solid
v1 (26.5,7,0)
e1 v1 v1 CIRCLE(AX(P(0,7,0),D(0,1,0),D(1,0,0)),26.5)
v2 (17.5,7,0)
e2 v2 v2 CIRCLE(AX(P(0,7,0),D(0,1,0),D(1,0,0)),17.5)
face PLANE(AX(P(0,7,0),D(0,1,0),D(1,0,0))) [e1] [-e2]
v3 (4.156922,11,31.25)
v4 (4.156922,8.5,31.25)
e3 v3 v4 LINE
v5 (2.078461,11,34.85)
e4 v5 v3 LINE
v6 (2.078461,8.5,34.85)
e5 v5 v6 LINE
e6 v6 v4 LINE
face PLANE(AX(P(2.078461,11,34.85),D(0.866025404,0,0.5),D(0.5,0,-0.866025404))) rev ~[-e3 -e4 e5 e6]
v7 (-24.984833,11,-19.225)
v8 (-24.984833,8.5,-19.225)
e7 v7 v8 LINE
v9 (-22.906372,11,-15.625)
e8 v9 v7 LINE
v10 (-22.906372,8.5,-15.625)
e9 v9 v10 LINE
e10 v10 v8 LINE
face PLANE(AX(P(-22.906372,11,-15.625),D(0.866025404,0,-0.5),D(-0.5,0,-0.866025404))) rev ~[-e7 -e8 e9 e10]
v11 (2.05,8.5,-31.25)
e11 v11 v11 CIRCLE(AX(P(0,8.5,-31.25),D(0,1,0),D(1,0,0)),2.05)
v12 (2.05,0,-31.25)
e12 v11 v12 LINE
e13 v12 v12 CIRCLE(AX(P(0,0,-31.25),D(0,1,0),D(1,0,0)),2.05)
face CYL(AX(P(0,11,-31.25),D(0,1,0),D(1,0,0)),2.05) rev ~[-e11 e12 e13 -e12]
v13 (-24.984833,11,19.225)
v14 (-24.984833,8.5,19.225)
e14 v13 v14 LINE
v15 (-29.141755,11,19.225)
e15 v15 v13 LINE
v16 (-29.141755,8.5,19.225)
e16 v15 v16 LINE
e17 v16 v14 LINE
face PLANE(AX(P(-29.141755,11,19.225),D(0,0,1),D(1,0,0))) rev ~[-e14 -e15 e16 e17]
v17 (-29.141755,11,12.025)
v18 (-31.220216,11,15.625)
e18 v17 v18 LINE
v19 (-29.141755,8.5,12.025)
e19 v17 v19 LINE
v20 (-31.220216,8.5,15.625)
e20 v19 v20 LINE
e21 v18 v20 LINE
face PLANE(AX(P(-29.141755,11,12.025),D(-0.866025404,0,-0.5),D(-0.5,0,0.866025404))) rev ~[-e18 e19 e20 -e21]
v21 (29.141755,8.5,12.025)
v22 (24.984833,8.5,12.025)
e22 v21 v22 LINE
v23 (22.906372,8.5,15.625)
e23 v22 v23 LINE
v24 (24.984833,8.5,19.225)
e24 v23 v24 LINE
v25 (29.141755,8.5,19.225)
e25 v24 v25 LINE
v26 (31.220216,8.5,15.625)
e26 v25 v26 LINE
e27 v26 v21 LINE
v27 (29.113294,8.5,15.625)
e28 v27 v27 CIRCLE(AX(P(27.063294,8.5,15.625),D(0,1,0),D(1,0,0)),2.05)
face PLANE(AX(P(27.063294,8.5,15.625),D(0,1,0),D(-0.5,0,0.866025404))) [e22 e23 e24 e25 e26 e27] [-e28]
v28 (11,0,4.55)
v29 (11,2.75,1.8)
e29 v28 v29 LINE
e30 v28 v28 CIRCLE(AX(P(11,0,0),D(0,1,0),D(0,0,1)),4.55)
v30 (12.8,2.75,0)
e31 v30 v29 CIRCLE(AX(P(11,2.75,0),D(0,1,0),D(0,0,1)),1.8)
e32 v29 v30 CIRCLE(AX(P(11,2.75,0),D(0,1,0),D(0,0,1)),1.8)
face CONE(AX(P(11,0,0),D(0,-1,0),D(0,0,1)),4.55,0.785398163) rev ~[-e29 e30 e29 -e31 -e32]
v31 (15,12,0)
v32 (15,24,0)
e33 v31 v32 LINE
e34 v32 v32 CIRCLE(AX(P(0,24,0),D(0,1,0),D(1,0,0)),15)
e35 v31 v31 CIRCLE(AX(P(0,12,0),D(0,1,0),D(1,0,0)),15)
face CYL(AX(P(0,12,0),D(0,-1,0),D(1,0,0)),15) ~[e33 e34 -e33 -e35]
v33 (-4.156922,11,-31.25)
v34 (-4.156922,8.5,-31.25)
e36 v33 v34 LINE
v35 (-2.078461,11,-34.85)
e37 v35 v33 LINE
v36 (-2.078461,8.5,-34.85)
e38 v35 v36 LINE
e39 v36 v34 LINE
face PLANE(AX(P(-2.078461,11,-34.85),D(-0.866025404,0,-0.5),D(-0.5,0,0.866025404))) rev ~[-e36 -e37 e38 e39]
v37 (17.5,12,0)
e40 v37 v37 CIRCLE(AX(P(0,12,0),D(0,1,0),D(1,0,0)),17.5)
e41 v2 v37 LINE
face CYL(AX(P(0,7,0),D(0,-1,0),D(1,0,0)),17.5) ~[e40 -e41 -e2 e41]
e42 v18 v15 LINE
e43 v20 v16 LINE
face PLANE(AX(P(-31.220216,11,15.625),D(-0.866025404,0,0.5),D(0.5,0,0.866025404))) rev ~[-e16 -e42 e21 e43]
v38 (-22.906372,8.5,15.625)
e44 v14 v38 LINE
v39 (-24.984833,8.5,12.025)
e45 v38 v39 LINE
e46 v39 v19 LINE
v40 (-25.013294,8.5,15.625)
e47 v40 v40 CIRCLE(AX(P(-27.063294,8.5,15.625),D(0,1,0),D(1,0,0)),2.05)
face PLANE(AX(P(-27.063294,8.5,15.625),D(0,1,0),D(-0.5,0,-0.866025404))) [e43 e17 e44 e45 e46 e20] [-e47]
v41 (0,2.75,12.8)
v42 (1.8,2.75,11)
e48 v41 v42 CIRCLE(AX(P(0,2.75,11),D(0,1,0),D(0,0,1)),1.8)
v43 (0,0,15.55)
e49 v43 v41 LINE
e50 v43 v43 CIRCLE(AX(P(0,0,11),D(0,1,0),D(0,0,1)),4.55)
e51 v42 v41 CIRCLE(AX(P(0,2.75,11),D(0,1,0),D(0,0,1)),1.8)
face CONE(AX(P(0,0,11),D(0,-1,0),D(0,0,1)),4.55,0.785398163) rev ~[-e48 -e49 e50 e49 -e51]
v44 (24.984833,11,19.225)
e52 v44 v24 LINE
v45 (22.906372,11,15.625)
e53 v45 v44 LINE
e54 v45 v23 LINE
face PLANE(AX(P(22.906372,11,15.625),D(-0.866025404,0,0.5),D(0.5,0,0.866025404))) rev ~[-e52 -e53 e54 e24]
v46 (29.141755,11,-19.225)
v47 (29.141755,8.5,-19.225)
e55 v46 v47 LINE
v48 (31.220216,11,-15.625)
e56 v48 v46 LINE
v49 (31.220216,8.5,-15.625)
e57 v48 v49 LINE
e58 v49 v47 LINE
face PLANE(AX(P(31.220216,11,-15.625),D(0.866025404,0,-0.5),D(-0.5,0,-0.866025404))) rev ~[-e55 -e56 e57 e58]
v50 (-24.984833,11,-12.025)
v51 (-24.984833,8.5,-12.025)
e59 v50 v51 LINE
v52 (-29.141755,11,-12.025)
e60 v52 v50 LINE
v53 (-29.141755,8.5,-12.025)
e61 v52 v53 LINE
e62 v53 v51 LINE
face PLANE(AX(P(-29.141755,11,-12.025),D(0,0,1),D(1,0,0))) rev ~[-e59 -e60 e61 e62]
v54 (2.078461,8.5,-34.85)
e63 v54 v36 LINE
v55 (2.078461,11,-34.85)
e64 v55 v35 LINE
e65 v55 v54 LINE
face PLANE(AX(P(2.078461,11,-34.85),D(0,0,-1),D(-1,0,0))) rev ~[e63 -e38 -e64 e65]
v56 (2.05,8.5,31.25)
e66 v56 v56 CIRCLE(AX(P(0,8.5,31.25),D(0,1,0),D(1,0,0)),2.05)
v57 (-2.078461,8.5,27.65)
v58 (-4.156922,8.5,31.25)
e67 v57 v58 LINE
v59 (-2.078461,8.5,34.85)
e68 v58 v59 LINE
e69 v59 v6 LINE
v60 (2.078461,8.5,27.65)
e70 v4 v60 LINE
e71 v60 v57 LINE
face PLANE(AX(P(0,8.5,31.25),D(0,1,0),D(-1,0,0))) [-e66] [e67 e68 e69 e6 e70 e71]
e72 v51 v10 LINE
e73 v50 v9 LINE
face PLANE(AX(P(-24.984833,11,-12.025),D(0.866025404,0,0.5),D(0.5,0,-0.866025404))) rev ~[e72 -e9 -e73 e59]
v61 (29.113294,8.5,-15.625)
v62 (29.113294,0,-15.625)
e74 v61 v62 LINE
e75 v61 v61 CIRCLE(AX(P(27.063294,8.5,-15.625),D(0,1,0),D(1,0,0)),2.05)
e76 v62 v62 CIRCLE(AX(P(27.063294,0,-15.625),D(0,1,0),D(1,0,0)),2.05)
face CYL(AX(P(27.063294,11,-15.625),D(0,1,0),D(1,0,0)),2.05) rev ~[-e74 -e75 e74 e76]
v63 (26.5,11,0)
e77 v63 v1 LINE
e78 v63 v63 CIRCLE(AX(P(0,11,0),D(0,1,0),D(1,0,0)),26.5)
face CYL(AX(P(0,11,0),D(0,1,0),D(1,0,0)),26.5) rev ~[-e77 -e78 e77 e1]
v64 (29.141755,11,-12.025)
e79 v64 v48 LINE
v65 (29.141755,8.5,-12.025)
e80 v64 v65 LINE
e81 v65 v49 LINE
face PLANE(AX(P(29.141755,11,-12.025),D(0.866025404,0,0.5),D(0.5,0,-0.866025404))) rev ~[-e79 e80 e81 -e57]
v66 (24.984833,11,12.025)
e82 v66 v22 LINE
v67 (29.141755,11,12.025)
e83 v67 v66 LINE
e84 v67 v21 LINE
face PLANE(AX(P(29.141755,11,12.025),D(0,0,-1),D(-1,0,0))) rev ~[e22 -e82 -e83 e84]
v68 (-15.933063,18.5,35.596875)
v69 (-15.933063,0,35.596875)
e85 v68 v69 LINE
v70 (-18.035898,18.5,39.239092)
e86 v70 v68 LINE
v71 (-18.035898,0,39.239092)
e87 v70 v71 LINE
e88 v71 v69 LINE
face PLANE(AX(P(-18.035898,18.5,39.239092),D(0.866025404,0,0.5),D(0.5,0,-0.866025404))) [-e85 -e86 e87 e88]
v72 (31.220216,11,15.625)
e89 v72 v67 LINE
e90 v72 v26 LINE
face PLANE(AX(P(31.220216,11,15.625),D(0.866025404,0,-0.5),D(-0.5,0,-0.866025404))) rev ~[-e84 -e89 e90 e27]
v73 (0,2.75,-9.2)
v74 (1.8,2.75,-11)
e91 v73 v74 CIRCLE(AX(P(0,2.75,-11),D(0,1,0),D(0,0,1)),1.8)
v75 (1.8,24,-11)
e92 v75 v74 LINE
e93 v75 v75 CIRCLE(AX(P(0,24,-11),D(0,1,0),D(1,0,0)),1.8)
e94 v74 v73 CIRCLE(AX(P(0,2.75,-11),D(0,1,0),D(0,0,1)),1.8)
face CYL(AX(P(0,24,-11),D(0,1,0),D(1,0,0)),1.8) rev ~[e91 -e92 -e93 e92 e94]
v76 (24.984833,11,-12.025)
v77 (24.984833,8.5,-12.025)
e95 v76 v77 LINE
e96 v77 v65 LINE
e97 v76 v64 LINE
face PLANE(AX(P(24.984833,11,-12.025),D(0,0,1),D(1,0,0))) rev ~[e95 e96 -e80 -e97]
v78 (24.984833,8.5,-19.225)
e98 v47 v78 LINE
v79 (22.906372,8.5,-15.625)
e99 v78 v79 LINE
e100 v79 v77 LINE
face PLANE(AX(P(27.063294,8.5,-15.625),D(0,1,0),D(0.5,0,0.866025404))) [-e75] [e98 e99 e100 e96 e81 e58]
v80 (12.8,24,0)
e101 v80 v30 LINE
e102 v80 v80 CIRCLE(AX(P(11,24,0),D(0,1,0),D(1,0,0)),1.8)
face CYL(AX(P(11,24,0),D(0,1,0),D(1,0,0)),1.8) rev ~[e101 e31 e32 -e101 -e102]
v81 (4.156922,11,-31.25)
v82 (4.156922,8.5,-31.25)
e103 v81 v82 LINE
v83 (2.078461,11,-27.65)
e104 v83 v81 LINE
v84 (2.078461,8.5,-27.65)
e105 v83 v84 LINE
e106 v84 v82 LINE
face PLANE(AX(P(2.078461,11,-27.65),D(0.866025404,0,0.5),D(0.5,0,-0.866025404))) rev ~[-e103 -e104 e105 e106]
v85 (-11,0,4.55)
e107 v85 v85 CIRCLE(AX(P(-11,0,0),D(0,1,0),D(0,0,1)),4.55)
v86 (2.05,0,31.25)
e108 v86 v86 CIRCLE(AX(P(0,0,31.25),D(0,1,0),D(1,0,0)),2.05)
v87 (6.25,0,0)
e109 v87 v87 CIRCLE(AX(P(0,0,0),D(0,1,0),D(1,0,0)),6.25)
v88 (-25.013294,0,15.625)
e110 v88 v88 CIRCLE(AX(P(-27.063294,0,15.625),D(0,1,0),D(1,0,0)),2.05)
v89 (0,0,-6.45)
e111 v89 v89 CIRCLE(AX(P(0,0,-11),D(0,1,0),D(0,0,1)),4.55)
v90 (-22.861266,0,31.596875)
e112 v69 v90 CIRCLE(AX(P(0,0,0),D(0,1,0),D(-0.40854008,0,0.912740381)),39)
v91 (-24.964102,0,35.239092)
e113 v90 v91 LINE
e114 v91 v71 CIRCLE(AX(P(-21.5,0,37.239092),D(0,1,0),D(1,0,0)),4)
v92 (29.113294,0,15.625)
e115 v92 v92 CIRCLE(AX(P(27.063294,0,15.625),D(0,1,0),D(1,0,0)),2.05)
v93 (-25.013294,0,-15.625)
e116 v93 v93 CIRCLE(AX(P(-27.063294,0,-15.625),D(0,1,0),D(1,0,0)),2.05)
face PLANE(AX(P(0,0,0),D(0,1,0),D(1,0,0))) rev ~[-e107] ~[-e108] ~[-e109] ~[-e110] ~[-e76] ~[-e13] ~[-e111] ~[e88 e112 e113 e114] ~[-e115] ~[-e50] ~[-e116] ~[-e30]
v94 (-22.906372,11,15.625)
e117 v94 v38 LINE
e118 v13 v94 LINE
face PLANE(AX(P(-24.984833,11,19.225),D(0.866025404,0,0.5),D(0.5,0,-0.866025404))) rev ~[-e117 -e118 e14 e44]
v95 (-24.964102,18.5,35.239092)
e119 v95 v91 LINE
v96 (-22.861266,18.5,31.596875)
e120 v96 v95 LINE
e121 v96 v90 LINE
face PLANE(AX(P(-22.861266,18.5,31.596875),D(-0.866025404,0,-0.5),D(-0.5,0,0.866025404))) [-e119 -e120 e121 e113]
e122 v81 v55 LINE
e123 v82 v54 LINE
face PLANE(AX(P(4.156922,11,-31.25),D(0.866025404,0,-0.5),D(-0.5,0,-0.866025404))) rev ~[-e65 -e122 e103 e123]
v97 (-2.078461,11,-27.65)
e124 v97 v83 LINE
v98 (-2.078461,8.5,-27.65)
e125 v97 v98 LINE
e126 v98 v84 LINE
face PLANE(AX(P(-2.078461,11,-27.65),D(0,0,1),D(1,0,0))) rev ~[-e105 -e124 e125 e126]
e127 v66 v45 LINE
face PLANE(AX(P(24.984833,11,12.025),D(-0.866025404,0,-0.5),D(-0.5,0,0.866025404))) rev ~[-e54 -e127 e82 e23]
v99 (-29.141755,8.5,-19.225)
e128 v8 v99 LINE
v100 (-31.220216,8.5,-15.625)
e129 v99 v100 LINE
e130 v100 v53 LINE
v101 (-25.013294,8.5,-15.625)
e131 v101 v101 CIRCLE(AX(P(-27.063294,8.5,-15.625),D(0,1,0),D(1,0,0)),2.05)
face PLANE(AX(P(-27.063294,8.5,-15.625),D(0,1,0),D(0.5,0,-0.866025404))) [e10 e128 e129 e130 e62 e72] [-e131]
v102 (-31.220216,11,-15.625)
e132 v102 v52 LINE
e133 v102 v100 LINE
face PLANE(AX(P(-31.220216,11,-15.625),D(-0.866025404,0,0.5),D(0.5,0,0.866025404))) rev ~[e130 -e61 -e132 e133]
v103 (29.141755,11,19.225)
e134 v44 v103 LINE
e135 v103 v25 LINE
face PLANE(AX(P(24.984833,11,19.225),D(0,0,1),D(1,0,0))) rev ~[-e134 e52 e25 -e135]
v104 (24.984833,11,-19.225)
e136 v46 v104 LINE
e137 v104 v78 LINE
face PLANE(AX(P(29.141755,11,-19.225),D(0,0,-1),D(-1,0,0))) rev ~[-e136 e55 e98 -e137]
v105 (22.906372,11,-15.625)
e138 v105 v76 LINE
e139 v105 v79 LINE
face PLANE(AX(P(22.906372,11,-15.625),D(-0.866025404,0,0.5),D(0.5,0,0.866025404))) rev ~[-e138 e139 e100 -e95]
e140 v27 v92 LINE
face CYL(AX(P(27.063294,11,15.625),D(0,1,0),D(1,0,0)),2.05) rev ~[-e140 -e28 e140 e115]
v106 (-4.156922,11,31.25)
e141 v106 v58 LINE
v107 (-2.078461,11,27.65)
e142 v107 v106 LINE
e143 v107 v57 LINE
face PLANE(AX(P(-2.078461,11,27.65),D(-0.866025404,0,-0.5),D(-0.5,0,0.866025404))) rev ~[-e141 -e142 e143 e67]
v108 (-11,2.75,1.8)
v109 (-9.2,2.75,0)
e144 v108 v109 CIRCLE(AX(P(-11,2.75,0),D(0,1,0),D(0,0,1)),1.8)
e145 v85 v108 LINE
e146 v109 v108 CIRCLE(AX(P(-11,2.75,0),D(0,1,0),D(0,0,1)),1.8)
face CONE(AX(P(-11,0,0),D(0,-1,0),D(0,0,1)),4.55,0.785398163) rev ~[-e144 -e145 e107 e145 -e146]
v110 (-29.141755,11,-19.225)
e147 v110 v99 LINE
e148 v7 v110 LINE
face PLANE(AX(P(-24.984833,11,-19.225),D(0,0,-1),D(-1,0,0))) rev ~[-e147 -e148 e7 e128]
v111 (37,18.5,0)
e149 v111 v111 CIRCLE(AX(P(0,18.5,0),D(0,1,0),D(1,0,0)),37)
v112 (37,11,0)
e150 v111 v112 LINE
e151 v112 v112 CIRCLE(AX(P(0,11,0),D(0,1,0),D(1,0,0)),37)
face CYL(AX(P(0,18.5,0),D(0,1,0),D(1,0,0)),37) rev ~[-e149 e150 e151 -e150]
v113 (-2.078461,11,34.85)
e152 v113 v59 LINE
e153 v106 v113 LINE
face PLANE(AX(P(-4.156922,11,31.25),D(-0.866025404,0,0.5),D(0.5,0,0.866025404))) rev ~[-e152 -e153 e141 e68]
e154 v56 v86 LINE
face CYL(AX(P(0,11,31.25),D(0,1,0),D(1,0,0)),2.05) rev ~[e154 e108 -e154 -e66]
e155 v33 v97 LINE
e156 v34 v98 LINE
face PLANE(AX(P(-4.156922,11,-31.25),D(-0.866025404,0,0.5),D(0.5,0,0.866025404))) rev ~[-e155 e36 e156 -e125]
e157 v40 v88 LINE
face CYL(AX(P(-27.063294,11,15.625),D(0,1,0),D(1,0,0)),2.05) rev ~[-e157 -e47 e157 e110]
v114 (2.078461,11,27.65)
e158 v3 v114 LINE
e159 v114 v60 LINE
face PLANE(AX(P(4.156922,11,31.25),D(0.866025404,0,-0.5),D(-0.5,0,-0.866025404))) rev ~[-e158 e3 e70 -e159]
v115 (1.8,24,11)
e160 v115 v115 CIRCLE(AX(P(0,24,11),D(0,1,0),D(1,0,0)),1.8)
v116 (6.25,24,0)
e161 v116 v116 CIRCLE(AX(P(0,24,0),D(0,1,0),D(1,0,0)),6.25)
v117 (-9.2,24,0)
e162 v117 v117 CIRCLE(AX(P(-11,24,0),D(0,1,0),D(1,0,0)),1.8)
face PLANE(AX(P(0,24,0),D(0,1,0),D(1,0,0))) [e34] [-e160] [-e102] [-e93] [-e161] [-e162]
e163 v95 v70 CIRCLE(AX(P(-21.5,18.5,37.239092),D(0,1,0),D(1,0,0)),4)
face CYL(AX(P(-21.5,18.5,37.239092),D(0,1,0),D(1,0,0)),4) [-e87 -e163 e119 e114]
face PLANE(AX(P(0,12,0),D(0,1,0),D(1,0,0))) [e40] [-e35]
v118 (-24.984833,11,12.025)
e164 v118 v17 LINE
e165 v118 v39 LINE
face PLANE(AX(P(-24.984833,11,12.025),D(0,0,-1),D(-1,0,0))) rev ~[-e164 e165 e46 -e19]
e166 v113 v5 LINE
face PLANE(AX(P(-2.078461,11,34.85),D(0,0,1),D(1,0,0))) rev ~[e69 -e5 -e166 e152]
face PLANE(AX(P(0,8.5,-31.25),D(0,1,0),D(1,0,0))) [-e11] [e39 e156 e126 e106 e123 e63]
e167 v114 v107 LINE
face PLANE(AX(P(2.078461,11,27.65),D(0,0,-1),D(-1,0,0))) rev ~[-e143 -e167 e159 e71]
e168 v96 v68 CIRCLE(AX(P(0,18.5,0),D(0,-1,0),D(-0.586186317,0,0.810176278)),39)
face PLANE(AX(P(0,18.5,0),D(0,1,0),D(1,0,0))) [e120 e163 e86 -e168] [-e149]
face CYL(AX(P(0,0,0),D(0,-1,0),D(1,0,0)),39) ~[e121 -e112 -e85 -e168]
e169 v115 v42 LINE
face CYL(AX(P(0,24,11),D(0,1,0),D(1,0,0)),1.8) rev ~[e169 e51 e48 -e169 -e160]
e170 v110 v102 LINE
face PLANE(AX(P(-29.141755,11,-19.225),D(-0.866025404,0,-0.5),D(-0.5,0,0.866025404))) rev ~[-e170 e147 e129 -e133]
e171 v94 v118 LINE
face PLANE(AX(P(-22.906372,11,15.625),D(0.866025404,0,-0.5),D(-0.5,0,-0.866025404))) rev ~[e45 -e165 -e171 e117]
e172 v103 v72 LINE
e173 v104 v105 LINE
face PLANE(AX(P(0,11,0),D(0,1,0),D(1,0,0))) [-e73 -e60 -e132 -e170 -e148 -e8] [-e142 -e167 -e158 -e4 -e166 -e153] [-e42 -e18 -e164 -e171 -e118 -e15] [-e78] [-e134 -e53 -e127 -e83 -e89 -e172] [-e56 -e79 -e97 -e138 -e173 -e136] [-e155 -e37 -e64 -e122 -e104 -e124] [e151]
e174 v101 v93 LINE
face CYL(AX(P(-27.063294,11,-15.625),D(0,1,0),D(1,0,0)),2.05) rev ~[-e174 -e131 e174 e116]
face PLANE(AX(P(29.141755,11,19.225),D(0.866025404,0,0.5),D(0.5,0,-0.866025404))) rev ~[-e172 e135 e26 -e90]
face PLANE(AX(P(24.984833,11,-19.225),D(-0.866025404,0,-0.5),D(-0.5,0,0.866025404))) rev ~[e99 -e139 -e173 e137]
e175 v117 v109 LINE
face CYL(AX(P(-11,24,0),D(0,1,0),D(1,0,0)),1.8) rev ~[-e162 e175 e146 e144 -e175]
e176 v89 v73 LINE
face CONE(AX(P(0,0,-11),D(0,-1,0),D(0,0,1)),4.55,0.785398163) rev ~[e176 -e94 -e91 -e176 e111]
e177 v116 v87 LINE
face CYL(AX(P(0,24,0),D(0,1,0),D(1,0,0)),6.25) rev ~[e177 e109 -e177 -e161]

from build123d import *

# Parameters (mm, degrees)
SKETCH1_R                                           = 39
BOSS_EXTRUDE1_DEPTH                                 = 18.5
SKETCH2_R                                           = 37
CUT_EXTRUDE1_DEPTH                                  = 7.5
SKETCH3_R                                           = 26.5
CUT_EXTRUDE2_DEPTH                                  = 4
SKETCH4_R                                           = 17.5
BOSS_EXTRUDE2_DEPTH                                 = 5
SKETCH5_R                                           = 15
BOSS_EXTRUDE3_DEPTH                                 = 12
SKETCH6_R                                           = 6.25
SKETCH6_R_2                                         = 1.8
CUT_EXTRUDE3_DEPTH                                  = 25
CSK_FOR_M4_COUNTERSUNK_FLAT_HEAD_SCREW1_D           = 3.5
CSK_FOR_M4_COUNTERSUNK_FLAT_HEAD_SCREW1_CSINK_D     = 9.1
CSK_FOR_M4_COUNTERSUNK_FLAT_HEAD_SCREW1_CSINK_ANGLE = 90
SKETCH9_R                                           = 2.05
CUT_EXTRUDE4_DEPTH                                  = 12.0000001
CUT_EXTRUDE5_DEPTH                                  = 2.5
CIRPATTERN1_COUNT                                   = 6
SKETCH11_R                                          = 4
BOSS_EXTRUDE5_DEPTH                                 = 18.5


with BuildPart() as part:
    # Sketch1 → Boss-Extrude1 (new body)
    with BuildSketch(Plane(origin=(0, 0, 0), x_dir=(1, 0, 0), z_dir=(0, 1, 0))):
        Circle(SKETCH1_R)
    extrude(amount=BOSS_EXTRUDE1_DEPTH)

    # Sketch2 → Cut-Extrude1 (cut)
    with BuildSketch(Plane(origin=(0, 18.5, 0), x_dir=(1, 0, 0), z_dir=(0, 1, 0))):
        Circle(SKETCH2_R)
    extrude(amount=-CUT_EXTRUDE1_DEPTH, mode=Mode.SUBTRACT)

    # Sketch3 → Cut-Extrude2 (cut)
    with BuildSketch(Plane(origin=(0, 11, 0), x_dir=(1, 0, 0), z_dir=(0, 1, 0))):
        Circle(SKETCH3_R)
    extrude(amount=-CUT_EXTRUDE2_DEPTH, mode=Mode.SUBTRACT)

    # Sketch4 → Boss-Extrude2 (add)
    with BuildSketch(Plane(origin=(0, 7, 0), x_dir=(1, 0, 0), z_dir=(0, 1, 0))):
        Circle(SKETCH4_R)
    extrude(amount=BOSS_EXTRUDE2_DEPTH)

    # Sketch5 → Boss-Extrude3 (add)
    with BuildSketch(Plane(origin=(0, 12, 0), x_dir=(1, 0, 0), z_dir=(0, 1, 0))):
        Circle(SKETCH5_R)
    extrude(amount=BOSS_EXTRUDE3_DEPTH)

    # Sketch6 → Cut-Extrude3 (cut, through all)
    with BuildSketch(Plane(origin=(0, 24, 0), x_dir=(1, 0, 0), z_dir=(0, 1, 0))):
        Circle(SKETCH6_R)
        with Locations((0, 11)):
            Circle(SKETCH6_R_2)
        with Locations((11, 0)):
            Circle(SKETCH6_R_2)
        with Locations((0, -11)):
            Circle(SKETCH6_R_2)
        with Locations((-11, 0)):
            Circle(SKETCH6_R_2)
    extrude(amount=-CUT_EXTRUDE3_DEPTH, mode=Mode.SUBTRACT)

    # CSK for M4 Countersunk Flat Head Screw1 (through all)
    with Locations(Plane(origin=(0, 0, 11), x_dir=(0, 0, -1), z_dir=(0, -1, 0))):
        with Locations((0, 0), (11, 11), (22, 0), (11, -11)):
            CounterSinkHole(CSK_FOR_M4_COUNTERSUNK_FLAT_HEAD_SCREW1_D / 2, CSK_FOR_M4_COUNTERSUNK_FLAT_HEAD_SCREW1_CSINK_D / 2, counter_sink_angle=CSK_FOR_M4_COUNTERSUNK_FLAT_HEAD_SCREW1_CSINK_ANGLE)

    # Sketch9 → Cut-Extrude4 (cut, through all)
    with BuildSketch(Plane(origin=(0, 11, 0), x_dir=(1, 0, 0), z_dir=(0, 1, 0))):
        with Locations((0, 31.25)):
            Circle(SKETCH9_R)
        with Locations((27.063293868, 15.625)):
            Circle(SKETCH9_R)
        with Locations((27.063293868, -15.625)):
            Circle(SKETCH9_R)
        with Locations((0, -31.25)):
            Circle(SKETCH9_R)
        with Locations((-27.063293868, -15.625)):
            Circle(SKETCH9_R)
        with Locations((-27.063293868, 15.625)):
            Circle(SKETCH9_R)
    extrude(amount=-CUT_EXTRUDE4_DEPTH, mode=Mode.SUBTRACT)

    # Sketch10 → Cut-Extrude5 (cut)
    with BuildSketch(Plane(origin=(0, 11, 0), x_dir=(1, 0, 0), z_dir=(0, 1, 0))):
        Polygon((2.078460969, 34.85), (-2.078460969, 34.85), (-4.156921938, 31.25), (-2.078460969, 27.65), (2.078460969, 27.65), (4.156921938, 31.25), align=None)
    cut_extrude5 = extrude(amount=-CUT_EXTRUDE5_DEPTH, mode=Mode.SUBTRACT)

    # CirPattern1: Cut-Extrude5 ×6 about axis
    cirpattern1_axis = Axis((0, 0, 0), (0, 1, 0))
    for i in range(1, CIRPATTERN1_COUNT):
        add(cut_extrude5.rotate(cirpattern1_axis, i * 360 / CIRPATTERN1_COUNT), mode=Mode.SUBTRACT)

    # Sketch11 → Boss-Extrude5 (add, through all)
    with BuildSketch(Plane(origin=(0, 18.5, 0), x_dir=(1, 0, 0), z_dir=(0, 1, 0))):
        with Locations((-21.5, -37.239092363)):
            Circle(SKETCH11_R)
        with BuildLine():
            ThreePointArc((-17.5, -37.239092363), (-17.636296695, -38.274368543), (-18.035898385, -39.239092363))
            Line((-18.035898385, -39.239092363), (-15.933063126, -35.596874855))
            ThreePointArc((-15.933063126, -35.596874855), (-17.739935267, -34.731753436), (-19.499999848, -33.774990835))
            ThreePointArc((-19.499999848, -33.774990835), (-18.035898341, -35.239092439), (-17.5, -37.239092363))
        make_face()
        with BuildLine():
            Line((-22.861266356, -31.596874855), (-24.964101615, -35.239092363))
            ThreePointArc((-24.964101615, -35.239092363), (-22.535276096, -33.375389035), (-19.499999848, -33.774990835))
            ThreePointArc((-19.499999848, -33.774990835), (-21.208613012, -32.729111416), (-22.861266356, -31.596874855))
        make_face()
    extrude(amount=-BOSS_EXTRUDE5_DEPTH)


solid = part.part
